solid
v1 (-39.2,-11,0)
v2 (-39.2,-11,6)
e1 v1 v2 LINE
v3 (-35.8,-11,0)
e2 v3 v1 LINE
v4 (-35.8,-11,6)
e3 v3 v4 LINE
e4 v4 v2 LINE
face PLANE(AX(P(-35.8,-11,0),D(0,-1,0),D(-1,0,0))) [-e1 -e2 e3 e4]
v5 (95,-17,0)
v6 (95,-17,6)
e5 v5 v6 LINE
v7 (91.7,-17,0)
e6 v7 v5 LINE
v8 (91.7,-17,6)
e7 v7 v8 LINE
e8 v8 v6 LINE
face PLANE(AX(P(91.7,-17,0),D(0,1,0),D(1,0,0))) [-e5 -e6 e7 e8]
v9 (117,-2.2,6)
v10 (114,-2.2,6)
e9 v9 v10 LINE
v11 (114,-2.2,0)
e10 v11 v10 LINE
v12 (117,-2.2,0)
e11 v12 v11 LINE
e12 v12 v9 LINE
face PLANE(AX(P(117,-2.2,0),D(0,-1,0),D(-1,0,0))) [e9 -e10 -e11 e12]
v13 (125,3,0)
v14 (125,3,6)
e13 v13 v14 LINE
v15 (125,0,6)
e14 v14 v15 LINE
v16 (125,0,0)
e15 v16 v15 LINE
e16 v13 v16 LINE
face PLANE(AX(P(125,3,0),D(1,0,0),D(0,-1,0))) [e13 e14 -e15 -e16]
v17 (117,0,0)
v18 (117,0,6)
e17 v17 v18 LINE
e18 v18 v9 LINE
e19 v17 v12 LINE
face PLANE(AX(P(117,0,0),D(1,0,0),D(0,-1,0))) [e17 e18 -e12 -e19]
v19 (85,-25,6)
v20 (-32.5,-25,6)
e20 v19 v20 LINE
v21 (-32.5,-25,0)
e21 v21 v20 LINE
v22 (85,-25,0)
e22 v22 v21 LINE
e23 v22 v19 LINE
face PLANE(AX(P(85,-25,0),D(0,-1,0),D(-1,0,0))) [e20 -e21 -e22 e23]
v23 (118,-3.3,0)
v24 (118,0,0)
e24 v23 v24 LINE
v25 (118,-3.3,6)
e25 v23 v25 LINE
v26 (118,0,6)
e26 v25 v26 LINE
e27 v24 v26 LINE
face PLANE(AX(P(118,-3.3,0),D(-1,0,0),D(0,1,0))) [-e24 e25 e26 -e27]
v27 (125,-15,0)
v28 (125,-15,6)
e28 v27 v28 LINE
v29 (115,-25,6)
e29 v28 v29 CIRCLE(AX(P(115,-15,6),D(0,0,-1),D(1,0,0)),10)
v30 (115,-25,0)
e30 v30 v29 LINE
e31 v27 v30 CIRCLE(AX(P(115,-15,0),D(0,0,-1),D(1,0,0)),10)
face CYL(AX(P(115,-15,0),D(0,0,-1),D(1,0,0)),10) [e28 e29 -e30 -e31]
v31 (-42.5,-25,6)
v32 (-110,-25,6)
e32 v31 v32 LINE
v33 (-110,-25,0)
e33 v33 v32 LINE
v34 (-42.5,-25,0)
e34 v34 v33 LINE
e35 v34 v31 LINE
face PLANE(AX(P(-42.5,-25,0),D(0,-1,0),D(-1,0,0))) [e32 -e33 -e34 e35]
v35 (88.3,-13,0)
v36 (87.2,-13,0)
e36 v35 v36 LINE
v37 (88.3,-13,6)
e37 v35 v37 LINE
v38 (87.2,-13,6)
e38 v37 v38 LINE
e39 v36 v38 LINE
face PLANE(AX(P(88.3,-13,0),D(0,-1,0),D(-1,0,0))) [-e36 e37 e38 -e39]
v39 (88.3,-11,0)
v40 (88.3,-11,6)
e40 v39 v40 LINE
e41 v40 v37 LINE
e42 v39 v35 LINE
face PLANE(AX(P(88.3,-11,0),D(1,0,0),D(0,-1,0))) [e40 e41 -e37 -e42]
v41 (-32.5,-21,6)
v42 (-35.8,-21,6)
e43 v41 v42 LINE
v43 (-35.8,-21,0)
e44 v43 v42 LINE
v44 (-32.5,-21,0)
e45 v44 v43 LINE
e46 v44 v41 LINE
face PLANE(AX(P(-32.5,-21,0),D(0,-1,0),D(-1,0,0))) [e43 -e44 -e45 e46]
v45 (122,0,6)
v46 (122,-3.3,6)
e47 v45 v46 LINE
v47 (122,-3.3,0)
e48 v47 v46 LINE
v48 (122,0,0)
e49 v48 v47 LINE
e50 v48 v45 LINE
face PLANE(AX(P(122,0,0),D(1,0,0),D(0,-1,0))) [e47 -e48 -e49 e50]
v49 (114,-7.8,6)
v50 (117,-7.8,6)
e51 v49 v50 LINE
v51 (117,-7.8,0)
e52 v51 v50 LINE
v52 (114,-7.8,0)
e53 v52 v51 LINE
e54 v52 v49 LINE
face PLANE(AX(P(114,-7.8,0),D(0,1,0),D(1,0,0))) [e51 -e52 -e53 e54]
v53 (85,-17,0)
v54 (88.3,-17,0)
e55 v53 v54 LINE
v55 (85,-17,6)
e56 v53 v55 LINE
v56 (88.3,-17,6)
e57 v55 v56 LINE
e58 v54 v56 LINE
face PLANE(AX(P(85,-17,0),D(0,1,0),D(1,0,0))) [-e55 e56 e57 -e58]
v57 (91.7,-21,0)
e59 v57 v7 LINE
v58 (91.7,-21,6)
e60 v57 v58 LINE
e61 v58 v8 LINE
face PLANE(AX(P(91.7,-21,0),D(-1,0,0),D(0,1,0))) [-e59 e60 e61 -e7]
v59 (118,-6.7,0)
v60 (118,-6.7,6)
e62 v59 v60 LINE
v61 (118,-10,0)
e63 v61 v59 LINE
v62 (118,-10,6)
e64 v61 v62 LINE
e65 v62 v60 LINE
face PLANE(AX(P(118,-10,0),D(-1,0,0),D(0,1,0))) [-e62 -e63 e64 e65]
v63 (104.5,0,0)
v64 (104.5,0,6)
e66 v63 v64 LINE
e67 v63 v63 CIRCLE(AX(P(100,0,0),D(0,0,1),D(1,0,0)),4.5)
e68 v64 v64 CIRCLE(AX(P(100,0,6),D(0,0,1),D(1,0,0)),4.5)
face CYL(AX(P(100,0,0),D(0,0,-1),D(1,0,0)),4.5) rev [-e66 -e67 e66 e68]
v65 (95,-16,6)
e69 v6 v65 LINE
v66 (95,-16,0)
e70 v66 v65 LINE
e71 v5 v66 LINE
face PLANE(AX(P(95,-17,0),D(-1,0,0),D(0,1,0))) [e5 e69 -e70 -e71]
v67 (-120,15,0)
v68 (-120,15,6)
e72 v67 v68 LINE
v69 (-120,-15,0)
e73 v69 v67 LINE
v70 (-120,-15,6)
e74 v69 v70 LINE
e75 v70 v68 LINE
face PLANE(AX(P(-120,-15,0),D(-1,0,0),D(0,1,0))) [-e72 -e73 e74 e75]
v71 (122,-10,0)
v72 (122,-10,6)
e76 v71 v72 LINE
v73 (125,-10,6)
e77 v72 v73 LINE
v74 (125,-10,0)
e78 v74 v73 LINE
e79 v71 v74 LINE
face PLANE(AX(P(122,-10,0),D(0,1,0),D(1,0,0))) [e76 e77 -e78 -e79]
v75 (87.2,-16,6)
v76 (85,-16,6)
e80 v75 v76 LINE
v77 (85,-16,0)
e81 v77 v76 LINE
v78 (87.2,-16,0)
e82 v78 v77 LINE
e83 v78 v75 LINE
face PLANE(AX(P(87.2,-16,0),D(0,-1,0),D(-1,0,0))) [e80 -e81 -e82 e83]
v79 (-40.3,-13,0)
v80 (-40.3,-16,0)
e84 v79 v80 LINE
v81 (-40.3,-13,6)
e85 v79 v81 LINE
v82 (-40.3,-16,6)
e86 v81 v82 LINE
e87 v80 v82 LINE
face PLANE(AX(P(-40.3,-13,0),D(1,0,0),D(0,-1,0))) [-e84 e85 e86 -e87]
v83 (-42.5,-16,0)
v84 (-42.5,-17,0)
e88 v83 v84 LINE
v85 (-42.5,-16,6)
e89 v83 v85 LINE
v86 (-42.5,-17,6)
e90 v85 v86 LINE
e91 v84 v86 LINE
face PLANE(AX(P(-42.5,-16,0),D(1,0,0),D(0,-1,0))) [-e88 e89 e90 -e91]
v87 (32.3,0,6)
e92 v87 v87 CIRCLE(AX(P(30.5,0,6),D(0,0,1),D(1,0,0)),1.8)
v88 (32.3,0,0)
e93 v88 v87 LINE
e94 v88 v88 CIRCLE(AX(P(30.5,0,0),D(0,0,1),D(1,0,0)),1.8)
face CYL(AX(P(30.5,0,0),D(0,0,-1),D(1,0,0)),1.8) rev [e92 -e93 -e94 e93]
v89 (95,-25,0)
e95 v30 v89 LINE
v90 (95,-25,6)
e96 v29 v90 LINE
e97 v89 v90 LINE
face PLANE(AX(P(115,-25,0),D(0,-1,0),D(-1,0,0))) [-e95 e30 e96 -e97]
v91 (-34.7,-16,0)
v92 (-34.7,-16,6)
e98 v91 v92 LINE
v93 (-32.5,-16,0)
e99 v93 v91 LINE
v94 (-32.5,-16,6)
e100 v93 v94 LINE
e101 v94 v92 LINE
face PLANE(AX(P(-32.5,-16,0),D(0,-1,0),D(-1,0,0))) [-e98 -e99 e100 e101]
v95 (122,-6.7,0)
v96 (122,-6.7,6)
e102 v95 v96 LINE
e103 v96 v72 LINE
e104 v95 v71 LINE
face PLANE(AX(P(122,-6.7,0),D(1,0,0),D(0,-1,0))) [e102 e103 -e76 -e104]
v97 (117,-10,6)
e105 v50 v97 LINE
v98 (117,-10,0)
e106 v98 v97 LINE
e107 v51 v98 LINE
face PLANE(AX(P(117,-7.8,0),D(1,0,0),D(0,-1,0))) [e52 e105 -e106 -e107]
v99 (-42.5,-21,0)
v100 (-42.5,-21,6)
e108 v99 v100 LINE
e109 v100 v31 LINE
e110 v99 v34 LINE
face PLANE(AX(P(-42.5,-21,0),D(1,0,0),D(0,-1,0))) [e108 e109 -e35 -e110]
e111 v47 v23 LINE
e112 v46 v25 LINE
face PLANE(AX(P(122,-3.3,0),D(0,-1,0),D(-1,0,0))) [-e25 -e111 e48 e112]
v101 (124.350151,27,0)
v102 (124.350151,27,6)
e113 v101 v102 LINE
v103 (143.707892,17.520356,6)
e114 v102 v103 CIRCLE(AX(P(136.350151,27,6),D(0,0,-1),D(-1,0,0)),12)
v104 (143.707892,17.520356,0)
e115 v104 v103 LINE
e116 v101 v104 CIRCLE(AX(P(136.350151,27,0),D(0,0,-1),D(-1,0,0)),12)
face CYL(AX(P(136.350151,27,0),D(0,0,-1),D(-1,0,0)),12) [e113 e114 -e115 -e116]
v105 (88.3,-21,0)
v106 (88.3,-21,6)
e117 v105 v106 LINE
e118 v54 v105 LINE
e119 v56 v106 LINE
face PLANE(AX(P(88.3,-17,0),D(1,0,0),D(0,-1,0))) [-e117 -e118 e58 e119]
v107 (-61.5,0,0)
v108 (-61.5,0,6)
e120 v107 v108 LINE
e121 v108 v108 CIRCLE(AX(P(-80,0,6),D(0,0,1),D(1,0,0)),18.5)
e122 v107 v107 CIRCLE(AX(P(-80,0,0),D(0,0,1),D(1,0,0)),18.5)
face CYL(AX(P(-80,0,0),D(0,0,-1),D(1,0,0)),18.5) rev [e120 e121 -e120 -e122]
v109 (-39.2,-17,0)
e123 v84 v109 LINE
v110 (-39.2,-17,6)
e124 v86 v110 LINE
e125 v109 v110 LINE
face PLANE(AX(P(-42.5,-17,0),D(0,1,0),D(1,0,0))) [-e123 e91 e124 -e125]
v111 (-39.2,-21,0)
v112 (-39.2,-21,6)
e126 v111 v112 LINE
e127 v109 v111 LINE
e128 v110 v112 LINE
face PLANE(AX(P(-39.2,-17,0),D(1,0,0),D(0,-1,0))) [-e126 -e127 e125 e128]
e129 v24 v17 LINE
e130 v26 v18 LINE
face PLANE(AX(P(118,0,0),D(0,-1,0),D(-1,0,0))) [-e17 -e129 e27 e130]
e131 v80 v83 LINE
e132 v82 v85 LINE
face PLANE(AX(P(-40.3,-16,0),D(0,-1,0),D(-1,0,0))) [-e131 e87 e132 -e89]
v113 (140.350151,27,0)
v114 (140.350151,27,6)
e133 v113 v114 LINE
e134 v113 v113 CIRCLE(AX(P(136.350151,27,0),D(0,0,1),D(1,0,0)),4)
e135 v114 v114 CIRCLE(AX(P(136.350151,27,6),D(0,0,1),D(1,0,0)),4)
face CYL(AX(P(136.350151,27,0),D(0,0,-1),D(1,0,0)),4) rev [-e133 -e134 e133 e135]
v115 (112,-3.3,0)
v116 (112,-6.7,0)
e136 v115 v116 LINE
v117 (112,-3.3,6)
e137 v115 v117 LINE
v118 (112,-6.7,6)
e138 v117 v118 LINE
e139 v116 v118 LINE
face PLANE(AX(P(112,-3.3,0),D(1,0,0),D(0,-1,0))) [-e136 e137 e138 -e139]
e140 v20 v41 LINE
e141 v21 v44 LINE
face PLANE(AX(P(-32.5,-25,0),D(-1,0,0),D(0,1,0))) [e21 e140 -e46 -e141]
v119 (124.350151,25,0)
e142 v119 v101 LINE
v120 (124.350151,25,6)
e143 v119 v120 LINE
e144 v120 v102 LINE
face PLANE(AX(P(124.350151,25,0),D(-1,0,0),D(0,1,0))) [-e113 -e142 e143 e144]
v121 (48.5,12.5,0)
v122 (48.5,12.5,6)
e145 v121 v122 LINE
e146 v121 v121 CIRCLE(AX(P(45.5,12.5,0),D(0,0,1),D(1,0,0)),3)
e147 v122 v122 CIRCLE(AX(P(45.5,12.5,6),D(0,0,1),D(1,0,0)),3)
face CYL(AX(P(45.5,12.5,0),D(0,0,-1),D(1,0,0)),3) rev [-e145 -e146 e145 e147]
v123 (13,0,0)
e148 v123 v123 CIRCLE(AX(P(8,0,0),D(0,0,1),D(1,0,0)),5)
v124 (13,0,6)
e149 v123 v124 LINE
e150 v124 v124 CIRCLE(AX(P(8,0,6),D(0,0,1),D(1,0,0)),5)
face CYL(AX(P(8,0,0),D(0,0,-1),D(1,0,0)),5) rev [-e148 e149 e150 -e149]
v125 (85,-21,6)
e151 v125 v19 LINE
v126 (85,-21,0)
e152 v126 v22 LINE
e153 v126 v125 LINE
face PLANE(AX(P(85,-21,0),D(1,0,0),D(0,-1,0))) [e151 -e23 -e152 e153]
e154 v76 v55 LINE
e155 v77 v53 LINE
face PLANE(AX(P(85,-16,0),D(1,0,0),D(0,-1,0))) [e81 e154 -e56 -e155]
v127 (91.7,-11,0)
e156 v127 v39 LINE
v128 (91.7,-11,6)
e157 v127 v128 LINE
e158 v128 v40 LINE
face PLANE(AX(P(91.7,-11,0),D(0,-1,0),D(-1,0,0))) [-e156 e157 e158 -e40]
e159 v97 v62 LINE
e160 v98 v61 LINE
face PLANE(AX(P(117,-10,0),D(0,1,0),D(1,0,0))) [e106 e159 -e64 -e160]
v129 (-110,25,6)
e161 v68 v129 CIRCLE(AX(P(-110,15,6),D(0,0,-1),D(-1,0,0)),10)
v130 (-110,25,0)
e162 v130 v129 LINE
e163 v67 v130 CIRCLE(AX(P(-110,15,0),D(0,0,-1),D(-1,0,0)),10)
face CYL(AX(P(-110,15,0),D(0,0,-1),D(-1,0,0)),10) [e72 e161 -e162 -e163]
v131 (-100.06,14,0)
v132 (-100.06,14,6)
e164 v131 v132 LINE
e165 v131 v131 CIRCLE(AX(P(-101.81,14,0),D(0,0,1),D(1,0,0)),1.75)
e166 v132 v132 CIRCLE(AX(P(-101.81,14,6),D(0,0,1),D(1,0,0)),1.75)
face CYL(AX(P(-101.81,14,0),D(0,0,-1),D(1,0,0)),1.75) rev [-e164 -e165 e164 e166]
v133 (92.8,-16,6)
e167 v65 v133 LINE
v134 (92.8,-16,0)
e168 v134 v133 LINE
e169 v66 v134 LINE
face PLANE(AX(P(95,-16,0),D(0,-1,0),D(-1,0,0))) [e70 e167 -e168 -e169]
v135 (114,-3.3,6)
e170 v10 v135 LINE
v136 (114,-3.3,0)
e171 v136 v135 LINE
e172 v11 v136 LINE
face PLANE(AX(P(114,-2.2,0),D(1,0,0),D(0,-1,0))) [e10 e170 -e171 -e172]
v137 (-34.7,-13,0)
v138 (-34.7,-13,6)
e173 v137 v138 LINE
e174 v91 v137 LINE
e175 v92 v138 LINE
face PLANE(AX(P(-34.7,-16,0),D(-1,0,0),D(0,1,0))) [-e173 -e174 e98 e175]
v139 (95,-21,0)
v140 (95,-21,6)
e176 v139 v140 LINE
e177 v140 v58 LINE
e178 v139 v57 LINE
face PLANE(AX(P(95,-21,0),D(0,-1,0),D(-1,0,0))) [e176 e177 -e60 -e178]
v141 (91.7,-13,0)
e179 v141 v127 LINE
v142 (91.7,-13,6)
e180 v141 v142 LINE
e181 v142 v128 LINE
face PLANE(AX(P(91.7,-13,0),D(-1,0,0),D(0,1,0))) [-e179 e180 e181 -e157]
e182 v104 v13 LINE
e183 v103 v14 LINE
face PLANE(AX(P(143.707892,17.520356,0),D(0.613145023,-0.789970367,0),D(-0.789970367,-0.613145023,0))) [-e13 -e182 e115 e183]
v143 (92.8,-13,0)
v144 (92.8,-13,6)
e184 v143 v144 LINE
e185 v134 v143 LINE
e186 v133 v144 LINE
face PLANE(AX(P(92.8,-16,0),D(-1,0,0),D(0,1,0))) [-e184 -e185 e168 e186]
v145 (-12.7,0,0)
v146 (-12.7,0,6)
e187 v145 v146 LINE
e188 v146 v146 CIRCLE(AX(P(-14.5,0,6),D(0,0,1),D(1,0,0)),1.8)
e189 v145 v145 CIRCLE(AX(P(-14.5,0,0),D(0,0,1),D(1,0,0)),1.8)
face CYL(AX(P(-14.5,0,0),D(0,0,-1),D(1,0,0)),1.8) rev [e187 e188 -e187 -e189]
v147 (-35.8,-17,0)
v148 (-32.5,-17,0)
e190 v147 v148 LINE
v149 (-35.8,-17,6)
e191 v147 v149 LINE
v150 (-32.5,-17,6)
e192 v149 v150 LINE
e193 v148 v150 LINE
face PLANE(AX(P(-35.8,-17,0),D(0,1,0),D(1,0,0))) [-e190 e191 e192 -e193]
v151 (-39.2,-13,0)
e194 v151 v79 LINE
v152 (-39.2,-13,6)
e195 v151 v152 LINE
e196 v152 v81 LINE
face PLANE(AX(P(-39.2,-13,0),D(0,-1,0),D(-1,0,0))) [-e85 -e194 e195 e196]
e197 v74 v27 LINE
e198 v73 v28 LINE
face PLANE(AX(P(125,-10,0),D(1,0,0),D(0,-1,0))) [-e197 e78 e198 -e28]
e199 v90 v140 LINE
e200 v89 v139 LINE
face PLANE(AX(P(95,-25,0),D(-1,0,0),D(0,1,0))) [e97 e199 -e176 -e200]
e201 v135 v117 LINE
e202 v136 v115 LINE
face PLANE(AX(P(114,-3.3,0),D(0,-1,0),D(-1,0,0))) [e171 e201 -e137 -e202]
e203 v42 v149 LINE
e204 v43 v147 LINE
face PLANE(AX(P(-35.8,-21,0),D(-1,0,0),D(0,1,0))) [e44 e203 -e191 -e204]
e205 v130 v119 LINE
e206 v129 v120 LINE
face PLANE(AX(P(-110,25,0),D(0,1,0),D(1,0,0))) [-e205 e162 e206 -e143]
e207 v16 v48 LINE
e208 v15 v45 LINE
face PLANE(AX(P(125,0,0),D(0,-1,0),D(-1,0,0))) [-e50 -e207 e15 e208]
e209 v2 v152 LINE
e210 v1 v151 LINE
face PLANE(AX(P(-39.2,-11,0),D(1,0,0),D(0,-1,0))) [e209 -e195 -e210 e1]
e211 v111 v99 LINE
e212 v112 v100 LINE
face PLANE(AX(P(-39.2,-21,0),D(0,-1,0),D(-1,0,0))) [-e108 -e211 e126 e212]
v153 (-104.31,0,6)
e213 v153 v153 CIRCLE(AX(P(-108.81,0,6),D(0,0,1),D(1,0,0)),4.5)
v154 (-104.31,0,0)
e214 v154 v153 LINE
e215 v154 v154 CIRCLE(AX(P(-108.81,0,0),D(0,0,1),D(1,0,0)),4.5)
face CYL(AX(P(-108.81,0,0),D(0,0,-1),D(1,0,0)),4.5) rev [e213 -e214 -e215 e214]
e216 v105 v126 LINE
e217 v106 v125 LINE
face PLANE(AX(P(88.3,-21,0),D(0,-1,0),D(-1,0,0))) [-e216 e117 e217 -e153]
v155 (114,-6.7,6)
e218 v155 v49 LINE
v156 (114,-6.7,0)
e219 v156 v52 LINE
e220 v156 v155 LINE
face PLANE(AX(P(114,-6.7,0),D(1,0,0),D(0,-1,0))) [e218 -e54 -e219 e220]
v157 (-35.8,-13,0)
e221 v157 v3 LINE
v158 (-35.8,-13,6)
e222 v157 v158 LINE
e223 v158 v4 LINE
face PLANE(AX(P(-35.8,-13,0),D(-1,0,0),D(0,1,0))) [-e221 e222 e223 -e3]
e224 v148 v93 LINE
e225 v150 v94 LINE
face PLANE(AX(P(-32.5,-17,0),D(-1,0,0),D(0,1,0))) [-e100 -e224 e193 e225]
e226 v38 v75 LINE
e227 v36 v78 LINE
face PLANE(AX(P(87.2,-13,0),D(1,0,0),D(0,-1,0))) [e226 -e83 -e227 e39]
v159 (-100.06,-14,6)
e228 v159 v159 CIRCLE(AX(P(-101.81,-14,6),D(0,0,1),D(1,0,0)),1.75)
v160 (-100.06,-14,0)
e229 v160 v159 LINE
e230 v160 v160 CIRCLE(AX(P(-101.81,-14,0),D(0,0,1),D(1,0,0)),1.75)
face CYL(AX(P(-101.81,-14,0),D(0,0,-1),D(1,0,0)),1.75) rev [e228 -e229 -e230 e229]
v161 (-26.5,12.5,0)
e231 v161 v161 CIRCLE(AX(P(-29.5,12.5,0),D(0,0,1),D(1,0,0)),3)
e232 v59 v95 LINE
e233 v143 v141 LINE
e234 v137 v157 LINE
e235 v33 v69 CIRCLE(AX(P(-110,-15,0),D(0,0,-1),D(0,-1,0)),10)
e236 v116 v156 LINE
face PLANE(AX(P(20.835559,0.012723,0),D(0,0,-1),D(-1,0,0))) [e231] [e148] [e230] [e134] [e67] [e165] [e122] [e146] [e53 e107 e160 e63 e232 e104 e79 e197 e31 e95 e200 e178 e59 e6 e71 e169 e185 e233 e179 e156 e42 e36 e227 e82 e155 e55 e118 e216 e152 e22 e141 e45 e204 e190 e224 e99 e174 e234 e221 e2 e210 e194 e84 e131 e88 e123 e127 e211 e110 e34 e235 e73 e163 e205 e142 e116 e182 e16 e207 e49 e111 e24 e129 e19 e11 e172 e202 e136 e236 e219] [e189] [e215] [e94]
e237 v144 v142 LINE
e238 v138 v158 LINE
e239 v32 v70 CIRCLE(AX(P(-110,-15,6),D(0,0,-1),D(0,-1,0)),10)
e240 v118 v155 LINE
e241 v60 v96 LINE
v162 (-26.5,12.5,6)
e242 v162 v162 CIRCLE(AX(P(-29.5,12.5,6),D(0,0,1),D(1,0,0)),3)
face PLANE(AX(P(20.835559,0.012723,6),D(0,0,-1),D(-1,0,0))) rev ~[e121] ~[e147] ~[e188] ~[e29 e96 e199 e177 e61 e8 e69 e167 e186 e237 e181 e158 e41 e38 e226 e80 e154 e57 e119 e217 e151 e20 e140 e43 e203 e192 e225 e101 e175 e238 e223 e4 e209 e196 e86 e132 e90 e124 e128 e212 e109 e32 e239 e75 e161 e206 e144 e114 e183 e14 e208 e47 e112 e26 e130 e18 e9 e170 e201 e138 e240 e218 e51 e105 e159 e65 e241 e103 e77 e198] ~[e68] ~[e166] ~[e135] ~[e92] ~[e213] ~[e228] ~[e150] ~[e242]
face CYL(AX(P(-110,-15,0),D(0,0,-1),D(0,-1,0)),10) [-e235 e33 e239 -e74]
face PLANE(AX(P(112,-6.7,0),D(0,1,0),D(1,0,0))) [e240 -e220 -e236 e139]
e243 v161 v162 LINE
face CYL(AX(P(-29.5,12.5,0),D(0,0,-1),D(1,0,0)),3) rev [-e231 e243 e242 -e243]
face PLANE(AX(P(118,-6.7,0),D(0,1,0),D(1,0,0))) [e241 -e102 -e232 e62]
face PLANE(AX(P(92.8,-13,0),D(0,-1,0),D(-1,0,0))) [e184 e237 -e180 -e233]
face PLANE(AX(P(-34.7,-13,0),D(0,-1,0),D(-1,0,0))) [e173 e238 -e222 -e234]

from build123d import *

# Parameters (mm, degrees)
ESBO_O1_R                = 18.5
ESBO_O1_R_2              = 4.5
ESBO_O1_R_3              = 4
ESBO_O1_R_4              = 5
ESBO_O1_R_5              = 1.8
ESBO_O1_R_6              = 3
ESBO_O1_R_7              = 1.75
RESSALTO_EXTRUS_O1_DEPTH = 6


with BuildPart() as part:
    # Esboço1 → Ressalto-extrusão1 (new body)
    with BuildSketch(Plane.XY):
        with BuildLine():
            Line((95, -25), (95, -21))
            Line((95, -21), (91.7, -21))
            Line((91.7, -21), (91.7, -17))
            Line((91.7, -17), (95, -17))
            Line((95, -17), (95, -16))
            Line((95, -16), (92.8, -16))
            Line((92.8, -16), (92.8, -13))
            Line((92.8, -13), (91.7, -13))
            Line((91.7, -13), (91.7, -11))
            Line((91.7, -11), (88.3, -11))
            Line((88.3, -11), (88.3, -13))
            Line((88.3, -13), (87.2, -13))
            Line((87.2, -13), (87.2, -16))
            Line((87.2, -16), (85, -16))
            Line((85, -16), (85, -17))
            Line((85, -17), (88.3, -17))
            Line((88.3, -17), (88.3, -21))
            Line((88.3, -21), (85, -21))
            Line((85, -21), (85, -25))
            Line((85, -25), (-32.5, -25))
            Line((-32.5, -25), (-32.5, -21))
            Line((-32.5, -21), (-35.8, -21))
            Line((-35.8, -21), (-35.8, -17))
            Line((-35.8, -17), (-32.5, -17))
            Line((-32.5, -17), (-32.5, -16))
            Line((-32.5, -16), (-34.7, -16))
            Line((-34.7, -16), (-34.7, -13))
            Line((-34.7, -13), (-35.8, -13))
            Line((-35.8, -13), (-35.8, -11))
            Line((-35.8, -11), (-39.2, -11))
            Line((-39.2, -11), (-39.2, -13))
            Line((-39.2, -13), (-40.3, -13))
            Line((-40.3, -13), (-40.3, -16))
            Line((-40.3, -16), (-42.5, -16))
            Line((-42.5, -16), (-42.5, -17))
            Line((-42.5, -17), (-39.2, -17))
            Line((-39.2, -17), (-39.2, -21))
            Line((-39.2, -21), (-42.5, -21))
            Line((-42.5, -21), (-42.5, -25))
            Line((-42.5, -25), (-110, -25))
            ThreePointArc((-110, -25), (-117.071067812, -22.071067812), (-120, -15))
            Line((-120, -15), (-120, 15))
            ThreePointArc((-120, 15), (-117.071067812, 22.071067812), (-110, 25))
            Line((-110, 25), (124.350151348, 25))
            Line((124.350151348, 25), (124.350151348, 27))
            ThreePointArc((124.350151348, 27), (141.627798395, 37.777125853), (143.707891624, 17.520355595))
            Line((143.707891624, 17.520355595), (125, 3))
            Line((125, 3), (125, 0))
            Line((125, 0), (122, 0))
            Line((122, 0), (122, -3.3))
            Line((122, -3.3), (118, -3.3))
            Line((118, -3.3), (118, 0))
            Line((118, 0), (117, 0))
            Line((117, 0), (117, -2.2))
            Line((117, -2.2), (114, -2.2))
            Line((114, -2.2), (114, -3.3))
            Line((114, -3.3), (112, -3.3))
            Line((112, -3.3), (112, -6.7))
            Line((112, -6.7), (114, -6.7))
            Line((114, -6.7), (114, -7.8))
            Line((114, -7.8), (117, -7.8))
            Line((117, -7.8), (117, -10))
            Line((117, -10), (118, -10))
            Line((118, -10), (118, -6.7))
            Line((118, -6.7), (122, -6.7))
            Line((122, -6.7), (122, -10))
            Line((122, -10), (125, -10))
            Line((125, -10), (125, -15))
            ThreePointArc((125, -15), (122.071067812, -22.071067812), (115, -25))
            Line((115, -25), (95, -25))
        make_face()
        with Locations((-80, 0)):
            Circle(ESBO_O1_R, mode=Mode.SUBTRACT)
        with Locations((100, 0)):
            Circle(ESBO_O1_R_2, mode=Mode.SUBTRACT)
        with Locations((136.350151348, 27)):
            Circle(ESBO_O1_R_3, mode=Mode.SUBTRACT)
        with Locations((8, 0)):
            Circle(ESBO_O1_R_4, mode=Mode.SUBTRACT)
        with Locations((-108.81, 0)):
            Circle(ESBO_O1_R_2, mode=Mode.SUBTRACT)
        with Locations((-14.5, 0)):
            Circle(ESBO_O1_R_5, mode=Mode.SUBTRACT)
        with Locations((30.5, 0)):
            Circle(ESBO_O1_R_5, mode=Mode.SUBTRACT)
        with Locations((-29.5, 12.5)):
            Circle(ESBO_O1_R_6, mode=Mode.SUBTRACT)
        with Locations((45.5, 12.5)):
            Circle(ESBO_O1_R_6, mode=Mode.SUBTRACT)
        with Locations((-101.81, 14)):
            Circle(ESBO_O1_R_7, mode=Mode.SUBTRACT)
        with Locations((-101.81, -14)):
            Circle(ESBO_O1_R_7, mode=Mode.SUBTRACT)
    extrude(amount=RESSALTO_EXTRUS_O1_DEPTH)


solid = part.part
